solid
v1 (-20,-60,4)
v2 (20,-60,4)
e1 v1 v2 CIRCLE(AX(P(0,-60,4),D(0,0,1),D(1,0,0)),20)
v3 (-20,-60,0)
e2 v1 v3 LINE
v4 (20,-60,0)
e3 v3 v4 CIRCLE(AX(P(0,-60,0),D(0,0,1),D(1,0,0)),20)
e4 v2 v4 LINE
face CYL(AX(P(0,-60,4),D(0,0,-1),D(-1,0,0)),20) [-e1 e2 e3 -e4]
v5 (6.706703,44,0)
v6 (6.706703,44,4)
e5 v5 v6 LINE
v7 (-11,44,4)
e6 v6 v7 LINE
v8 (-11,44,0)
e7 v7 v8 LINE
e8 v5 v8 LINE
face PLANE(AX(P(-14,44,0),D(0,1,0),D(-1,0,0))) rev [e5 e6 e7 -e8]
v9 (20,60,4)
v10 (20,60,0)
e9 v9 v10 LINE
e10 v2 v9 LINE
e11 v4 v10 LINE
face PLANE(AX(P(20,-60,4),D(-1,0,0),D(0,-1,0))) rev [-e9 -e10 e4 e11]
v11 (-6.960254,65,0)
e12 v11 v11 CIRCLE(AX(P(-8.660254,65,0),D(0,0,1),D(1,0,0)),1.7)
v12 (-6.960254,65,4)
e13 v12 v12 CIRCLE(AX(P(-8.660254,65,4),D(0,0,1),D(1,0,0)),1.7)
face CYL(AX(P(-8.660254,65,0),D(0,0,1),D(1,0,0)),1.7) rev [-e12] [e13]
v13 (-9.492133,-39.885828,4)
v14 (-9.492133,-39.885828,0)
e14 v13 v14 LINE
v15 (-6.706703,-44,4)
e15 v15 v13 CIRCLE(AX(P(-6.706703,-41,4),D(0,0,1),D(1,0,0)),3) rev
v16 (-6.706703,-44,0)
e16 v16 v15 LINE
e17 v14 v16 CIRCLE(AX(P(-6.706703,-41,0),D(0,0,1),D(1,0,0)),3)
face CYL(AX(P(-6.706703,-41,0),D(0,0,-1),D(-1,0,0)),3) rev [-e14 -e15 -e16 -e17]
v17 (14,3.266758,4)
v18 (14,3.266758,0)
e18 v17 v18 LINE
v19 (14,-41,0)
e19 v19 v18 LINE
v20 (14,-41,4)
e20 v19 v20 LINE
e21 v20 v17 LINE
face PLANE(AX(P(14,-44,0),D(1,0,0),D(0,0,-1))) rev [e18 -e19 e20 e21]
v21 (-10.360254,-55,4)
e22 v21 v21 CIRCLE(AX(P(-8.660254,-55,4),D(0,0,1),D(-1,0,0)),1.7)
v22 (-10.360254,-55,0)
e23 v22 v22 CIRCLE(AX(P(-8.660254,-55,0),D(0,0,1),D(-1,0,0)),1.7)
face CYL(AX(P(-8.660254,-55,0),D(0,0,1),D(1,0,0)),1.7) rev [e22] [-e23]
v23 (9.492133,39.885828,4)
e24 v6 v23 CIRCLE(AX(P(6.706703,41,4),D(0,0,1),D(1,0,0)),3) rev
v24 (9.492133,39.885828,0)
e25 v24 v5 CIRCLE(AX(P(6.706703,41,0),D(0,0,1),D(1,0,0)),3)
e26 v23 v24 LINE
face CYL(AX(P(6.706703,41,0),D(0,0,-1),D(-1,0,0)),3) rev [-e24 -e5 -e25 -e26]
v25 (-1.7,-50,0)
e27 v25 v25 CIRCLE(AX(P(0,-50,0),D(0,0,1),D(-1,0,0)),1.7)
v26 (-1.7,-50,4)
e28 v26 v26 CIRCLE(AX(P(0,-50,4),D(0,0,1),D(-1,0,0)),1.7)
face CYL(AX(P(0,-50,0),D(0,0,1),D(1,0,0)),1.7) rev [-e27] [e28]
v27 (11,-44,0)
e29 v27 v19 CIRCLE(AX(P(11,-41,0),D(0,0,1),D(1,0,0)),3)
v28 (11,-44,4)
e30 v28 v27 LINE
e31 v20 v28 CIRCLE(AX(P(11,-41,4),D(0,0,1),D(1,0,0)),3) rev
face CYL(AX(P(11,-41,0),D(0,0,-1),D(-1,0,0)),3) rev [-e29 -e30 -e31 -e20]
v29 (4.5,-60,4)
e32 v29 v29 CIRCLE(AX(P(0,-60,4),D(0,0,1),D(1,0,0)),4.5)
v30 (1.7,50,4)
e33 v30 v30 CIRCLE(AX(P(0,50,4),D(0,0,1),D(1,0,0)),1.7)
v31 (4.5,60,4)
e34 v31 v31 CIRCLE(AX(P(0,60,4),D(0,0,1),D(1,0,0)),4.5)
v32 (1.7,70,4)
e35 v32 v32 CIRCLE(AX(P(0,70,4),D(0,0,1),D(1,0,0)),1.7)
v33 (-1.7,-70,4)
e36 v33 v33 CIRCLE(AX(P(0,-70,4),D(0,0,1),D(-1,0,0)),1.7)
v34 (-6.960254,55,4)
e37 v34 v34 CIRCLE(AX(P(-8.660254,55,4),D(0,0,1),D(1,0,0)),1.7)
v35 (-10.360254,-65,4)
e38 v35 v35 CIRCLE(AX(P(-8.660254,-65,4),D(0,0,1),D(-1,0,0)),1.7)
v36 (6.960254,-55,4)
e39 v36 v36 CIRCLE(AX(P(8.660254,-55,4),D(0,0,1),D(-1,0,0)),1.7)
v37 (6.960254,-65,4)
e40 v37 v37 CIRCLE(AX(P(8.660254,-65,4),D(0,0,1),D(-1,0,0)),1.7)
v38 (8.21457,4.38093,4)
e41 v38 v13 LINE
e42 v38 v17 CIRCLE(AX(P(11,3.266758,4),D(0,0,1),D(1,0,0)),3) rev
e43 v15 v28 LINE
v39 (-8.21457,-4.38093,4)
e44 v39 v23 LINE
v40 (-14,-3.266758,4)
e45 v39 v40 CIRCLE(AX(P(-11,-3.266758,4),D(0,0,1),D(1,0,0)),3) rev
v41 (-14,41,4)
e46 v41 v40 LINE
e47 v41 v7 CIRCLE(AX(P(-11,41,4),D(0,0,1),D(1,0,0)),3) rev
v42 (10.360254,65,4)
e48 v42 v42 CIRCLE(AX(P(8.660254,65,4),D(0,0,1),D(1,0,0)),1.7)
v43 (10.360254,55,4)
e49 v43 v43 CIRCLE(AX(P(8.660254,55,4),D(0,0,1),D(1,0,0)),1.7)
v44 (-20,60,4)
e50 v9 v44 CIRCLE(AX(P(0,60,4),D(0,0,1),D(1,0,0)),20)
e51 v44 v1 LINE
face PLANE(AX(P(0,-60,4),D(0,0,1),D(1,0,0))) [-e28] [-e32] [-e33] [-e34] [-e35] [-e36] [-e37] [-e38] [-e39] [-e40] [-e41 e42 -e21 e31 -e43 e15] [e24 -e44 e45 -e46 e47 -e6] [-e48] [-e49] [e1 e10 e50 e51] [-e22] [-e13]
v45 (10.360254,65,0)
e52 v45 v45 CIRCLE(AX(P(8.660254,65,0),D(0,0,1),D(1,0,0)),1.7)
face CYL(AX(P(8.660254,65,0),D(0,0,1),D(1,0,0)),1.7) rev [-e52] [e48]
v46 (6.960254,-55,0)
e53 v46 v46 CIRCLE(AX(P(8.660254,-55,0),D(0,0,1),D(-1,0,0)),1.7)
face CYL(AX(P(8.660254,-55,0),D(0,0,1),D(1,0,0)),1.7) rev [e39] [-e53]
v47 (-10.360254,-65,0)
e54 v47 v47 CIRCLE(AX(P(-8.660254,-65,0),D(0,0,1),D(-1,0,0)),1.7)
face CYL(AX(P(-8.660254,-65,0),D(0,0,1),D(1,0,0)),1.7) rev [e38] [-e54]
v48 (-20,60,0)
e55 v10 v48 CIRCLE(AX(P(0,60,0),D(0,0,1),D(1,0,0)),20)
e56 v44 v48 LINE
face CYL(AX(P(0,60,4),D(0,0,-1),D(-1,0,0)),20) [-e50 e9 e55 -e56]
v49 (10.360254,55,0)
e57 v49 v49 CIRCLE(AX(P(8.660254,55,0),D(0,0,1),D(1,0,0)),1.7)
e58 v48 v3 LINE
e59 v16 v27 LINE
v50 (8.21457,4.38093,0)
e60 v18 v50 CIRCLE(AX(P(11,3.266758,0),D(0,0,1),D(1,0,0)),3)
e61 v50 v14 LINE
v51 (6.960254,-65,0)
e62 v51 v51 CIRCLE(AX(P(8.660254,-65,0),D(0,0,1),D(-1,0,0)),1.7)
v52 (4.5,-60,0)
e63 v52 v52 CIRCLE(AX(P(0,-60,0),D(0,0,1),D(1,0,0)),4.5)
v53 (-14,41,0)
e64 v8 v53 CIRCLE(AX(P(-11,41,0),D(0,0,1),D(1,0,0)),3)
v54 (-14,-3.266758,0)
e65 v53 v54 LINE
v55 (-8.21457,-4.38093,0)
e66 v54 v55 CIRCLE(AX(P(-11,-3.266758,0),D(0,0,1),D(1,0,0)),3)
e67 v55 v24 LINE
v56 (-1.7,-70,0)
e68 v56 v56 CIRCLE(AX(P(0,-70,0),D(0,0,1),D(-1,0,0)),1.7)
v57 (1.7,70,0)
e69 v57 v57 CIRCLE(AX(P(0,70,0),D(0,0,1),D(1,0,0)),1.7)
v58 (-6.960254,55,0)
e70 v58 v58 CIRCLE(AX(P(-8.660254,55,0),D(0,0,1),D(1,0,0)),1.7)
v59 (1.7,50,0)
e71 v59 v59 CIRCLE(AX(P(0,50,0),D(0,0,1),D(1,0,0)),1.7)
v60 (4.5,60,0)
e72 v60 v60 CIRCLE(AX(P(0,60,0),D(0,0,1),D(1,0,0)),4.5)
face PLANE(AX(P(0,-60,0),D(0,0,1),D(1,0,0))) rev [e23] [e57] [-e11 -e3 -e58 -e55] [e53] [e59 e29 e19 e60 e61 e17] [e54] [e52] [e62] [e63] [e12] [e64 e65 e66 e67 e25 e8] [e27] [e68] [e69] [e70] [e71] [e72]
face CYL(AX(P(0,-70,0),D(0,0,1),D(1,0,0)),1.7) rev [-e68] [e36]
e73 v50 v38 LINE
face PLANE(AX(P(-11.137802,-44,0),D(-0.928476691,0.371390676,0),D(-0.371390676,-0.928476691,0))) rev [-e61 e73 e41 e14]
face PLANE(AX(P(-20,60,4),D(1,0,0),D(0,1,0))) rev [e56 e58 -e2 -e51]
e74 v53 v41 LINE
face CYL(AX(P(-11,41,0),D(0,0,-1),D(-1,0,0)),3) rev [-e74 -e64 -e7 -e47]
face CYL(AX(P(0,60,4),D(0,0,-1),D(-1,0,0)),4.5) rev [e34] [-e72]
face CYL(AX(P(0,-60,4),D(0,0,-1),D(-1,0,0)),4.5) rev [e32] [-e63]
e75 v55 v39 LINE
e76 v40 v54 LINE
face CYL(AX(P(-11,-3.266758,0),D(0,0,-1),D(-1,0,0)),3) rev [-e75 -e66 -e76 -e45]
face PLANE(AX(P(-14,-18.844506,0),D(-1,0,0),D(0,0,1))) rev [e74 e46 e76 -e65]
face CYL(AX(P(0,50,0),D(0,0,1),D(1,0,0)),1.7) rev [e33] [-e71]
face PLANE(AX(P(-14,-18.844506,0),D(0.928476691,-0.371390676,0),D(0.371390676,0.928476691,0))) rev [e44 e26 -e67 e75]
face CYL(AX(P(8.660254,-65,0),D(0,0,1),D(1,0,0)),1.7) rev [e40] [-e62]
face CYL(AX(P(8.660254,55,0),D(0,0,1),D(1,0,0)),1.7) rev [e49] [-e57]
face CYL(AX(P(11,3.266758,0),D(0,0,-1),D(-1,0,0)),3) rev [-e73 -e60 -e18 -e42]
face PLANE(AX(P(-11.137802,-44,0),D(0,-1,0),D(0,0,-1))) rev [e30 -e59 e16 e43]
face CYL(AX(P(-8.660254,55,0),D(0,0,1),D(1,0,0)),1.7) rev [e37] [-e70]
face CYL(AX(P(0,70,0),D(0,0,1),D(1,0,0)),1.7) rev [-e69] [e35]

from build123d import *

# Parameters (mm, degrees)
SKETCH_1_R          = 4.5
EXTRUDE_2_DEPTH     = 4
CUT_EXTRUDE_1_DEPTH = 83.559069762
FILLET_1_R          = 3
SKETCH_6_R          = 1.7
CUT_EXTRUDE_2_DEPTH = 83.559069762


with BuildPart() as part:
    # 草图1 → 凸台-拉伸2 (new body)
    with BuildSketch(Plane.XY):
        with BuildLine():
            Line((20, -60), (20, 60))
            ThreePointArc((20, 60), (0, 80), (-20, 60))
            Line((-20, 60), (-20, -60))
            ThreePointArc((-20, -60), (0, -80), (20, -60))
        make_face()
        with Locations((0, 60)):
            Circle(SKETCH_1_R, mode=Mode.SUBTRACT)
        with Locations((0, -60)):
            Circle(SKETCH_1_R, mode=Mode.SUBTRACT)
    extrude(amount=EXTRUDE_2_DEPTH)

    # 草图4 → 切除-拉伸1 (cut, through all)
    with BuildSketch(Plane.XY.offset(4)):
        Polygon((-14, -18.844505579), (11.137802231, 44), (-14, 44), align=None)
        Polygon((14, -44), (14, 18.844505579), (-11.137802231, -44), align=None)
    extrude(amount=-CUT_EXTRUDE_1_DEPTH, mode=Mode.SUBTRACT)

    # 圆角1
    fillet_1_edges = [part.edges().sort_by_distance(p)[0] for p in [
        (14, -44, 2),
        (-11.137802231, -44, 2),
        (14, 18.844505579, 2),
        (-14, -18.844505579, 2),
        (-14, 44, 2),
        (11.137802231, 44, 2),
    ]]
    fillet(fillet_1_edges, radius=FILLET_1_R)

    # 草图6 → 切除-拉伸2 (cut, through all)
    with BuildSketch(Plane.XY.offset(4)):
        with Locations((0, 50)):
            Circle(SKETCH_6_R)
        with Locations((-8.660254038, 55)):
            Circle(SKETCH_6_R)
        with Locations((-8.660254038, 65)):
            Circle(SKETCH_6_R)
        with Locations((0, 70)):
            Circle(SKETCH_6_R)
        with Locations((8.660254038, 65)):
            Circle(SKETCH_6_R)
        with Locations((8.660254038, 55)):
            Circle(SKETCH_6_R)
        with Locations(Location((0, -70, 0), (0, 0, 180))):
            Circle(SKETCH_6_R)
        with Locations(Location((-8.660254038, -65, 0), (0, 0, 180))):
            Circle(SKETCH_6_R)
        with Locations(Location((-8.660254038, -55, 0), (0, 0, 180))):
            Circle(SKETCH_6_R)
        with Locations(Location((0, -50, 0), (0, 0, 180))):
            Circle(SKETCH_6_R)
        with Locations(Location((8.660254038, -55, 0), (0, 0, 180))):
            Circle(SKETCH_6_R)
        with Locations(Location((8.660254038, -65, 0), (0, 0, 180))):
            Circle(SKETCH_6_R)
    extrude(amount=-CUT_EXTRUDE_2_DEPTH, mode=Mode.SUBTRACT)


solid = part.part
